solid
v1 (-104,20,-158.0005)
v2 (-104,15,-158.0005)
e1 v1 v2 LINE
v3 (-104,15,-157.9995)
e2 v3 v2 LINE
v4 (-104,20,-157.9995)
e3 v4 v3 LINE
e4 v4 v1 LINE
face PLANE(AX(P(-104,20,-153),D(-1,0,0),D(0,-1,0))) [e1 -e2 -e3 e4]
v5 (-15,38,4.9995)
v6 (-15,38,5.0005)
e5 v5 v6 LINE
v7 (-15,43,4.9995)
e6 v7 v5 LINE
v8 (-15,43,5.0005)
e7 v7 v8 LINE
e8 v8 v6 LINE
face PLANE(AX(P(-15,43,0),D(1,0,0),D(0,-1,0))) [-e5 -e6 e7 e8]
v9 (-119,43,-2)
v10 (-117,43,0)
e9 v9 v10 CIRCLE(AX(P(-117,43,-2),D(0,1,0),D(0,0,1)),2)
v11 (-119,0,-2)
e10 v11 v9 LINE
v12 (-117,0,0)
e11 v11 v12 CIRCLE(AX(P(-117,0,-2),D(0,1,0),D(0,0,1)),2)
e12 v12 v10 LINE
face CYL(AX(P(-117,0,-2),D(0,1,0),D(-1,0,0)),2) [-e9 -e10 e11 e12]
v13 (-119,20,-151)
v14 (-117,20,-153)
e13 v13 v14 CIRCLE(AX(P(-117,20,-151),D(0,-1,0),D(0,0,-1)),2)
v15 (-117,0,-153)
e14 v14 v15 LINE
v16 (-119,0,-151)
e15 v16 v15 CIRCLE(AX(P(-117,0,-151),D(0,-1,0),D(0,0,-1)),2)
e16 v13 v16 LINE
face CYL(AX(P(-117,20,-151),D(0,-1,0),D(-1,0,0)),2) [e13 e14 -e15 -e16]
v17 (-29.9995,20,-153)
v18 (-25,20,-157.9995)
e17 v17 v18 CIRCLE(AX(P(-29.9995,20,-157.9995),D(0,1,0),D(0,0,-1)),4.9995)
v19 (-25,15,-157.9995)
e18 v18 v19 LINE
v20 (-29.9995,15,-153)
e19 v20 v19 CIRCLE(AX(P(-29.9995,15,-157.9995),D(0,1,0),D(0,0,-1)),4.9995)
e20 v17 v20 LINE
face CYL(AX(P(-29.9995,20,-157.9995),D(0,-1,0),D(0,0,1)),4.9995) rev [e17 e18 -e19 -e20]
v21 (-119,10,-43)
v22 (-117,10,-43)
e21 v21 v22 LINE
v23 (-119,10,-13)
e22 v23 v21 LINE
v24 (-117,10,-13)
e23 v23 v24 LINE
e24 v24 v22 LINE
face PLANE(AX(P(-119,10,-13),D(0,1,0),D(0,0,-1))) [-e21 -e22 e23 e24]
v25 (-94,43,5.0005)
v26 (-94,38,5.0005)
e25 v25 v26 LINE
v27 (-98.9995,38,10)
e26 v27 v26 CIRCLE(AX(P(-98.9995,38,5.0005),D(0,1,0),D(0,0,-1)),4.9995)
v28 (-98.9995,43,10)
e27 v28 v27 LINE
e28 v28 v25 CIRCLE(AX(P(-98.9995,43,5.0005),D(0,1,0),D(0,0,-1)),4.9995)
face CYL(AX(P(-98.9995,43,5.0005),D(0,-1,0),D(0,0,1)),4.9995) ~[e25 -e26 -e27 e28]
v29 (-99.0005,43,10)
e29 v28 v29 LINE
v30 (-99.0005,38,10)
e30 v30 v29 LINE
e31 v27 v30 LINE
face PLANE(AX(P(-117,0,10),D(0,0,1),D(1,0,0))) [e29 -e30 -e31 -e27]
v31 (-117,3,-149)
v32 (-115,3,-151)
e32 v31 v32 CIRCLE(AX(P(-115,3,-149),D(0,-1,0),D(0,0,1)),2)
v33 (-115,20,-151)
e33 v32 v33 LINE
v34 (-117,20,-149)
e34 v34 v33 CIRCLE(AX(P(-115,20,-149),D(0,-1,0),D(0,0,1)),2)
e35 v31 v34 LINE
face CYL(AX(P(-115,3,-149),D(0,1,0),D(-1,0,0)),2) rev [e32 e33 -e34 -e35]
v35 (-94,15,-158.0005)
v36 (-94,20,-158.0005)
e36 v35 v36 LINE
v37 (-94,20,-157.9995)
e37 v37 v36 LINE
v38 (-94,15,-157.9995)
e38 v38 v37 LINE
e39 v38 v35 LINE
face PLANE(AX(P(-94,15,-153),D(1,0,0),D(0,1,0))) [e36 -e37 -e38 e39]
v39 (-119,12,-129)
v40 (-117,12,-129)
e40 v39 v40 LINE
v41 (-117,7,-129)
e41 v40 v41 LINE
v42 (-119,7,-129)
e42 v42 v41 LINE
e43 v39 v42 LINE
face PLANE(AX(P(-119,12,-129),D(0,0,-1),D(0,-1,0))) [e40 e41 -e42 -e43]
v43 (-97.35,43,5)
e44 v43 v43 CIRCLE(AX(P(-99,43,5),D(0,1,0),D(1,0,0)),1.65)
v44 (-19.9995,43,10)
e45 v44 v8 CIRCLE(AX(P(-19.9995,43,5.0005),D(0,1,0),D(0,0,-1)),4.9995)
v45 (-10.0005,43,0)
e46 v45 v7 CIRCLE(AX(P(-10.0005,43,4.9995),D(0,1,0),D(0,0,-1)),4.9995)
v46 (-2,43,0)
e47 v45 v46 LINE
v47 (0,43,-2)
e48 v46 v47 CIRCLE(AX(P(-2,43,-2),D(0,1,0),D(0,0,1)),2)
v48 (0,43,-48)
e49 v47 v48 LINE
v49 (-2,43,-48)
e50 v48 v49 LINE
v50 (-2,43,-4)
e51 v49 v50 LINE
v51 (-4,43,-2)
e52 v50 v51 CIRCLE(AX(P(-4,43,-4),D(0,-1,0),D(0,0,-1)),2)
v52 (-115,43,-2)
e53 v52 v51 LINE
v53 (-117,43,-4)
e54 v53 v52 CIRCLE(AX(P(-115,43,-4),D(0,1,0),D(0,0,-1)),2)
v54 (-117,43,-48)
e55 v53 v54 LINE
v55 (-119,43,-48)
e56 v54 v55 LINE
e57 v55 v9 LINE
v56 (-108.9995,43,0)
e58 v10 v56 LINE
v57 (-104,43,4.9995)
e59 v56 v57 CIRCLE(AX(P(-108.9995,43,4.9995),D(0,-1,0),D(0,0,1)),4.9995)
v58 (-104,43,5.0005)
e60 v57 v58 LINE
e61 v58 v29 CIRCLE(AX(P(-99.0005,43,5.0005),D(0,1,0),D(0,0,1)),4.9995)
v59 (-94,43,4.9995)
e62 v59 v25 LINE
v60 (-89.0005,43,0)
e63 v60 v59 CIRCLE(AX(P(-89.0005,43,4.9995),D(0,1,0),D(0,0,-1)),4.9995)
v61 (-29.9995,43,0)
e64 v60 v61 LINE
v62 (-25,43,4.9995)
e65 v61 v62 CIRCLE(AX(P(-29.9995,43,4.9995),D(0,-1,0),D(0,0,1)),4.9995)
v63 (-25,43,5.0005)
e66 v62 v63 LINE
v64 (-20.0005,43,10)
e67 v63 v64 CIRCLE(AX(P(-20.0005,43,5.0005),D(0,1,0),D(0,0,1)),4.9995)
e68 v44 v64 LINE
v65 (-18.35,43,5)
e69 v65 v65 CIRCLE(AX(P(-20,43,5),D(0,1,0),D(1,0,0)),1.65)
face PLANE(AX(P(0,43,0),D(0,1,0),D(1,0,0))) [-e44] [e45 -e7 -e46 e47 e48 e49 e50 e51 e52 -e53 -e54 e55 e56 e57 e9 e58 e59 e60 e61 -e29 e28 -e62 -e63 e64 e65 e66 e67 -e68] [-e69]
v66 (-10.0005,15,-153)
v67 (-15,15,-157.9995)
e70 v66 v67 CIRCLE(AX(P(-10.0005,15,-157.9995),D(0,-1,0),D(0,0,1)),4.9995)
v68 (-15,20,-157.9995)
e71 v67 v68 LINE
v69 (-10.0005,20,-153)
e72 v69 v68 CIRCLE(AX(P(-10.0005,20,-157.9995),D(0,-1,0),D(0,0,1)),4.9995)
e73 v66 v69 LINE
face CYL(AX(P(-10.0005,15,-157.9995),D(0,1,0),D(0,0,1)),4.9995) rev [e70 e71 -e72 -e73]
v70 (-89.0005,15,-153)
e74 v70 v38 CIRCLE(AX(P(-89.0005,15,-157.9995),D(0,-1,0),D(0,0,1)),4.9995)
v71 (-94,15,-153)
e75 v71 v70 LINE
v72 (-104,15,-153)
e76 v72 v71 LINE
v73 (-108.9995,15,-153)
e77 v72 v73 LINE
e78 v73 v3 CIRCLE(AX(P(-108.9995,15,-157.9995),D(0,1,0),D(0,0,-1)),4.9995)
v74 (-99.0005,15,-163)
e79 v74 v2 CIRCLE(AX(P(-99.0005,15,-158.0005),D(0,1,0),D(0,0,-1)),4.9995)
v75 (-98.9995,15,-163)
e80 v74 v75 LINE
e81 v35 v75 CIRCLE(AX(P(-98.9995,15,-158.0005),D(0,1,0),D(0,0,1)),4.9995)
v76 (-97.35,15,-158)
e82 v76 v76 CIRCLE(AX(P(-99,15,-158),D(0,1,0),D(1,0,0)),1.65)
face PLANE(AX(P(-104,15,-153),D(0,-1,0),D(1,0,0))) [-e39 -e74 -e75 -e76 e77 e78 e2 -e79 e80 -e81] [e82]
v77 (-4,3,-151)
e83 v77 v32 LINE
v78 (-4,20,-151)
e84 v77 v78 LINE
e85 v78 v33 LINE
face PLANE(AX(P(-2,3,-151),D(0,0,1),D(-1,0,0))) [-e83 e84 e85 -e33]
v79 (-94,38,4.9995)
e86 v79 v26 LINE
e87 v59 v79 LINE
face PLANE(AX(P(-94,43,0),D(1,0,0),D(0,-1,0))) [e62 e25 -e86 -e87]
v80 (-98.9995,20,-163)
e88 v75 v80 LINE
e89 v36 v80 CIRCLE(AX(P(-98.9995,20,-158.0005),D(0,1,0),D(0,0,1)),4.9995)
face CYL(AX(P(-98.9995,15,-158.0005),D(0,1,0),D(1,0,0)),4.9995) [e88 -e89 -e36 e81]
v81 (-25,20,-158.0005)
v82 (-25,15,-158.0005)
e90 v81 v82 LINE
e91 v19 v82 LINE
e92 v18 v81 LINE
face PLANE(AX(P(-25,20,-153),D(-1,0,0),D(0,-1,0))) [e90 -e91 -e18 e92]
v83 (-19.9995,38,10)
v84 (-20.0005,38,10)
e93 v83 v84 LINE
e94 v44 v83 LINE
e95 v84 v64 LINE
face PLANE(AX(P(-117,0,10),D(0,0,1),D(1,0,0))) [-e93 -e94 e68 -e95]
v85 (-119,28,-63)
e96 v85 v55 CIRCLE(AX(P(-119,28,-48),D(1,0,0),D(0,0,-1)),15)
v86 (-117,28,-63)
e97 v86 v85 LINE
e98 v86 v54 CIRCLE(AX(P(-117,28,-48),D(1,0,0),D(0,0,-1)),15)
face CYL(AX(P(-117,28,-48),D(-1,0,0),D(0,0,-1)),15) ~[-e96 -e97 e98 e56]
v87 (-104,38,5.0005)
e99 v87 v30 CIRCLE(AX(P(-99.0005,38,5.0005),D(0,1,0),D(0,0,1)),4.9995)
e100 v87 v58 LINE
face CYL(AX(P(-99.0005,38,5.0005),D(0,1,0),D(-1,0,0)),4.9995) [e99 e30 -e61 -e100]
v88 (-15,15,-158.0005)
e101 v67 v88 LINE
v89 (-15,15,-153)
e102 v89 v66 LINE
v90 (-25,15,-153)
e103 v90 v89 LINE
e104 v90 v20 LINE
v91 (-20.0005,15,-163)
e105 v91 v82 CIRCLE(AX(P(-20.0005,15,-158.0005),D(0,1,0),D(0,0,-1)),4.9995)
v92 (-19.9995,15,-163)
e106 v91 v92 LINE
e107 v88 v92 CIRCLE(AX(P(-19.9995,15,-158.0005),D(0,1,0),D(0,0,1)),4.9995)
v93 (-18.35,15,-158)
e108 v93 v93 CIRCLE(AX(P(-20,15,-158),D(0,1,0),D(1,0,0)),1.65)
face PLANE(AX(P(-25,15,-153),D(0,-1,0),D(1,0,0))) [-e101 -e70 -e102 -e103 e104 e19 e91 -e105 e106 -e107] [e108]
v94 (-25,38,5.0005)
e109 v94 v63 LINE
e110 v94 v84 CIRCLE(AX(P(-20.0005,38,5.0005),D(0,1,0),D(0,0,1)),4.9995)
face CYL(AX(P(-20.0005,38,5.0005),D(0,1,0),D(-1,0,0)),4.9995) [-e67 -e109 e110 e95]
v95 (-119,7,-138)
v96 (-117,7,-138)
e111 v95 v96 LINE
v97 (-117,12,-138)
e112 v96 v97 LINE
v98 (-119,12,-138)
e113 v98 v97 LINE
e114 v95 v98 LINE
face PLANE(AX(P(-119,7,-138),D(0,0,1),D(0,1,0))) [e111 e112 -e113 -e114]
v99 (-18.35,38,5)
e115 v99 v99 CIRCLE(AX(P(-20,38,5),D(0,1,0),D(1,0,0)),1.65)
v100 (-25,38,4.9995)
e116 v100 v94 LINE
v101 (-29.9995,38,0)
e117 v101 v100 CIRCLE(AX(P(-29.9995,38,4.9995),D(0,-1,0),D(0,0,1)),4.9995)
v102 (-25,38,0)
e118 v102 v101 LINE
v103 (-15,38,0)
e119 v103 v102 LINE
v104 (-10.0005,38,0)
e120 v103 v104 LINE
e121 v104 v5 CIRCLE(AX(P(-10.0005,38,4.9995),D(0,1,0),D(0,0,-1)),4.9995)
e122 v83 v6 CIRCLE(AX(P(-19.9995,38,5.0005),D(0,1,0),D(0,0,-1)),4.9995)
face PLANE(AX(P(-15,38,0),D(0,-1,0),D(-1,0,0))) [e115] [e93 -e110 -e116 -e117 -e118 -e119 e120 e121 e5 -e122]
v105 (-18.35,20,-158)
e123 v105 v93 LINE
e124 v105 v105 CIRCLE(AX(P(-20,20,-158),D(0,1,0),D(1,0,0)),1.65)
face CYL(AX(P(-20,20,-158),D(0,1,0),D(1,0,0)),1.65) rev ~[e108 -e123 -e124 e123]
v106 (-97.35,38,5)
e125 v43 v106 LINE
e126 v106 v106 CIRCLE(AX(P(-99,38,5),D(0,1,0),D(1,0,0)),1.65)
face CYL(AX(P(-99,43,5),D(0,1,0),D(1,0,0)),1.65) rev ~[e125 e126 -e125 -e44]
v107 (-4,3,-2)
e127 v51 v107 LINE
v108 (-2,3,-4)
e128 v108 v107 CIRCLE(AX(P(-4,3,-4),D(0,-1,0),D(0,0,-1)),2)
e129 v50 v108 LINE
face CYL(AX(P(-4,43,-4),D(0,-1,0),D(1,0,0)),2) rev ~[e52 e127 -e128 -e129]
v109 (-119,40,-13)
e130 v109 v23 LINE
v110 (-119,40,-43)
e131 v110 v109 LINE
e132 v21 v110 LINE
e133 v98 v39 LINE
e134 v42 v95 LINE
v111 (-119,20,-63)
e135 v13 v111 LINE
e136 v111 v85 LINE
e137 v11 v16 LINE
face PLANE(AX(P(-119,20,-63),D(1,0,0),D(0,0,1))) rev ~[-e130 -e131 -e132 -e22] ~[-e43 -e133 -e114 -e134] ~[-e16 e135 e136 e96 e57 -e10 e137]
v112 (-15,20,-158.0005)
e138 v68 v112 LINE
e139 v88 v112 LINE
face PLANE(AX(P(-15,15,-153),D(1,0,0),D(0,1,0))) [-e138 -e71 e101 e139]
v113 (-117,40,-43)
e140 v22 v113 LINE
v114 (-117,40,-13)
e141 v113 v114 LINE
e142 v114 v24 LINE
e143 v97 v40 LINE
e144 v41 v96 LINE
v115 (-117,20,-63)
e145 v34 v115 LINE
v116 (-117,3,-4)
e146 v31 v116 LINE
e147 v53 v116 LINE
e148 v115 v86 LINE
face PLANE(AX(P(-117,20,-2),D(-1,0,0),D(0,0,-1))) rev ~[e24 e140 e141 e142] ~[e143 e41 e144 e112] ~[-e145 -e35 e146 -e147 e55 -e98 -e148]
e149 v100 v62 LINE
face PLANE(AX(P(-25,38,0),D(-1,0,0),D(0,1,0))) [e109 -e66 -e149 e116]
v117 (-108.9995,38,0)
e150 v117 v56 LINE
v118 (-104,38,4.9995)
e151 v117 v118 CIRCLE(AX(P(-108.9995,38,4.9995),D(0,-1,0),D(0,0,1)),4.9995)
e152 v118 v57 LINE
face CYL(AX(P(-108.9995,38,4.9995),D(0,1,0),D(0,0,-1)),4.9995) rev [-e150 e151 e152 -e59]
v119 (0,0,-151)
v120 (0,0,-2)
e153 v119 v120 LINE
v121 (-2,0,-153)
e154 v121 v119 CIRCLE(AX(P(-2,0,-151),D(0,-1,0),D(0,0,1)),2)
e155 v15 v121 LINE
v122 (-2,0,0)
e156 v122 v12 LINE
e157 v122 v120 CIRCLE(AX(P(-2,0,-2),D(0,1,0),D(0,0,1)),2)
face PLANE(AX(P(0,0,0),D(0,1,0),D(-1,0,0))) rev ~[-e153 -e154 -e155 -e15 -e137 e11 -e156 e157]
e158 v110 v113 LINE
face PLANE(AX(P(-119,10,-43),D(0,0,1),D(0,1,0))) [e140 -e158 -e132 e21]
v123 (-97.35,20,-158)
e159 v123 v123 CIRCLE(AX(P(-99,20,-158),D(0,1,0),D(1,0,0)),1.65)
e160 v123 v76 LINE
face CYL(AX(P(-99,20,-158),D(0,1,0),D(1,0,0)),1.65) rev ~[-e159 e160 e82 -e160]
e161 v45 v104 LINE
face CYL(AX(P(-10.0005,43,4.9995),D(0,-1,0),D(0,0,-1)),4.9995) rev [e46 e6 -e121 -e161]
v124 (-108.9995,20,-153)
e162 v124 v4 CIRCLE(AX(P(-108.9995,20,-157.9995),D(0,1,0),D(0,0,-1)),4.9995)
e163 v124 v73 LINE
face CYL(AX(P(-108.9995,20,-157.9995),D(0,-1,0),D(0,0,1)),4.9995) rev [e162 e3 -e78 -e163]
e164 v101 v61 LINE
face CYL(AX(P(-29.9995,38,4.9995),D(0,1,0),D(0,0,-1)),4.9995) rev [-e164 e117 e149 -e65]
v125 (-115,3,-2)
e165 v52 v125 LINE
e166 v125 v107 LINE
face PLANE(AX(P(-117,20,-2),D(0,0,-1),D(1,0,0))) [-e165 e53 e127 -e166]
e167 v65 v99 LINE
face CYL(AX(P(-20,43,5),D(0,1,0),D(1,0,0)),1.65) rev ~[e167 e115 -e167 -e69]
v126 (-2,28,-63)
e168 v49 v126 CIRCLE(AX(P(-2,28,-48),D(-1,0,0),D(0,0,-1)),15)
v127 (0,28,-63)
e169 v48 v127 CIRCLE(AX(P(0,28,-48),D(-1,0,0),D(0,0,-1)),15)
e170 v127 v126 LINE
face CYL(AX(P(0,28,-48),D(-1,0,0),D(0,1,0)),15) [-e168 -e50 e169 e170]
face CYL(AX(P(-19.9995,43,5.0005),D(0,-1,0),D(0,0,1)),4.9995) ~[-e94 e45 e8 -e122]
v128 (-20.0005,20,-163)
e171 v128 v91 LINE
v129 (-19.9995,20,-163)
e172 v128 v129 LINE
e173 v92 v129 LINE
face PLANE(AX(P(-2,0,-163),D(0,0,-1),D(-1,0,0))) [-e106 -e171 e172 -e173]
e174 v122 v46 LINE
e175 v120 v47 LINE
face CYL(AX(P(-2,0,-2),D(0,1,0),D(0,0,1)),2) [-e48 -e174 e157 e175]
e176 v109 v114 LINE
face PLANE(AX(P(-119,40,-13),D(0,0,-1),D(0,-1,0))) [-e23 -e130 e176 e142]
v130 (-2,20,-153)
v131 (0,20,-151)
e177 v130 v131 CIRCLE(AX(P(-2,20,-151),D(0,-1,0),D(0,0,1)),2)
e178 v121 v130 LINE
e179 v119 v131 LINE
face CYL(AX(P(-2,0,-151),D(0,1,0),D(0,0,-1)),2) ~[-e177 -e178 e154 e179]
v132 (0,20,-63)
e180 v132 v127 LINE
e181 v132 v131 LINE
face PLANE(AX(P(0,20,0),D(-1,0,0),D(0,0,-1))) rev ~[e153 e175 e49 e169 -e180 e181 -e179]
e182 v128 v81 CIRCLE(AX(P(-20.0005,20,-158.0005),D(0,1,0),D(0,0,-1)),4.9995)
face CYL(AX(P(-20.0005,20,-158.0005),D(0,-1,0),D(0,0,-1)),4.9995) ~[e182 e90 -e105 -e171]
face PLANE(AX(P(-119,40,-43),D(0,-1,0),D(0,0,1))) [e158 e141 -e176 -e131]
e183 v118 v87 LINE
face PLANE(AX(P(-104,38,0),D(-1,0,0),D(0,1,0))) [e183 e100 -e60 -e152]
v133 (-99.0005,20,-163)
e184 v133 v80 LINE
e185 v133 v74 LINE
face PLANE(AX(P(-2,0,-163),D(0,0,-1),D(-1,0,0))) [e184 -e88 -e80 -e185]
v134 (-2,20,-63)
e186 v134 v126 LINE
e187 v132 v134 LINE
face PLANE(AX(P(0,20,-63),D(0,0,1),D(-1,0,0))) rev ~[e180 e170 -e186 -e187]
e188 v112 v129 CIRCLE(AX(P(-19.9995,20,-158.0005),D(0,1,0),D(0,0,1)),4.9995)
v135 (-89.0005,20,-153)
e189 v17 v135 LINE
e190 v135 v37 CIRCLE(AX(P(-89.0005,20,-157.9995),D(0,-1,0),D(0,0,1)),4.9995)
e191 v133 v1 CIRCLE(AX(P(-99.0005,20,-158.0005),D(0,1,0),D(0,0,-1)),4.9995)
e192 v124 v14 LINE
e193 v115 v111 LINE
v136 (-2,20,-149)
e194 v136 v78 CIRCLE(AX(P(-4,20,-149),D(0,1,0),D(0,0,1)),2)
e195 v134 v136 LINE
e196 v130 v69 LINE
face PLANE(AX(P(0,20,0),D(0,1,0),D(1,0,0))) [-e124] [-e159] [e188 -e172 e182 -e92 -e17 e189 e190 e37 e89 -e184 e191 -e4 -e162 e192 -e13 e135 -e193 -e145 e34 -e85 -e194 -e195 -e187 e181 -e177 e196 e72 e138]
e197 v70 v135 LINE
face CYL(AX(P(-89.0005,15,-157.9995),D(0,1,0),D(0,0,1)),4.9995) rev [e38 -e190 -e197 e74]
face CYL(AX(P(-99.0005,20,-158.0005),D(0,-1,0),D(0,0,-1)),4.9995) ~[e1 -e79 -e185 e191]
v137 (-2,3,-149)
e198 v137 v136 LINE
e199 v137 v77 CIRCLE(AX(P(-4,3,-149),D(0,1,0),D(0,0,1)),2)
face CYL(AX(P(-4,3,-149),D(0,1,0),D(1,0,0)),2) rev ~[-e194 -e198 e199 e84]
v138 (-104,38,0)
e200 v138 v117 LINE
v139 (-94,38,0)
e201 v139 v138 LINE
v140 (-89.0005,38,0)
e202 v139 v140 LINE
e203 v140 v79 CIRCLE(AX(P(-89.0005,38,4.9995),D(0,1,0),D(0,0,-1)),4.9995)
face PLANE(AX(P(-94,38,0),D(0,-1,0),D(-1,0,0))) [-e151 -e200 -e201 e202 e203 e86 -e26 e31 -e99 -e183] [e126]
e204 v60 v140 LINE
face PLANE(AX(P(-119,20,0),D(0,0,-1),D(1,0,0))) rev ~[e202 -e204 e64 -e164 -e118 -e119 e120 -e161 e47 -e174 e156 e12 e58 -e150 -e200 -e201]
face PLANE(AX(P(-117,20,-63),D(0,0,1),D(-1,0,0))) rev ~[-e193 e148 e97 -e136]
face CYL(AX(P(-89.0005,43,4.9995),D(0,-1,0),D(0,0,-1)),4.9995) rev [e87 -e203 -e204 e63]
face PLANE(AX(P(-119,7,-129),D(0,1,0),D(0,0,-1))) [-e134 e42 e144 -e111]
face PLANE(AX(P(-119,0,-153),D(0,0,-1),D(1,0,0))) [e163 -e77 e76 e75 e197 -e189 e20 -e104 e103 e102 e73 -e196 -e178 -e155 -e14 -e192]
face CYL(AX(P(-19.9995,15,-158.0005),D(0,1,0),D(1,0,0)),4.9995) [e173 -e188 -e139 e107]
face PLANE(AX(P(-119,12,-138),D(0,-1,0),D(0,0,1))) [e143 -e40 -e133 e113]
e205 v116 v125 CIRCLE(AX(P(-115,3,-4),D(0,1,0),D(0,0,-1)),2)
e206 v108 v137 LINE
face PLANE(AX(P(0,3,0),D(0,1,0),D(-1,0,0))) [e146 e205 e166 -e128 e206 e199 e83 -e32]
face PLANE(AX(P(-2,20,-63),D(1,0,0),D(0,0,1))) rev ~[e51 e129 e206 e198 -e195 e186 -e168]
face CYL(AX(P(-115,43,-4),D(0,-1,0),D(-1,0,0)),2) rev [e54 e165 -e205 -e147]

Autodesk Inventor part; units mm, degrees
ref_plane "YZ Plane" through (0, 0, 0) normal (1, 0, 0) x (0, 1, 0)
ref_plane "XZ Plane" through (0, 0, 0) normal (0, 1, 0) x (-1, 0, 0)
ref_plane "XY Plane" through (0, 0, 0) normal (0, 0, 1) x (1, 0, 0)
sketch "Sketch2" plane through (0, 0, 0) normal (0, 1, 0) x (-1, 0, 0)
  line L0 (0, 0) -> (119, 0)
  line L1 (119, 0) -> (119, -153)
  line L2 (119, -153) -> (0, -153)
  line L3 (0, -153) -> (0, 0)
  dimension "d0" = 119
  dimension "d1" = 153
extrude "Extrusion1" add sketch "Sketch2" along normal blind 3
sketch "Sketch7" plane through (0, 3, 0) normal (0, 1, 0) x (1, 0, 0)
  line L0 (-117, 2) -> (-2, 2)
  line L1 (-2, 2) -> (-2, 151)
  line L2 (-2, 151) -> (-117, 151)
  line L3 (-117, 151) -> (-117, 2)
  line L4 (-119, 153) -> (-119, 0) projected
  line L5 (-119, 0) -> (0, 0) projected
  line L6 (0, 153) -> (-119, 153) projected
  line L7 (-119, 0) -> (0, 0)
  line L8 (0, 0) -> (0, 153)
  line L9 (0, 153) -> (-119, 153)
  line L10 (-119, 153) -> (-119, 0)
  dimension "d27" = 115
  dimension "d28" = 149
  dimension "d29" = 2
  dimension "d30" = 2
extrude "Extrusion5" add sketch "Sketch7" along normal blind 17
sketch "Sketch8" plane through (0, 20, 0) normal (0, 1, 0) x (1, 0, 0)
  line L0 (-119, 0) -> (0, 0) projected
  line L1 (-119, 0) -> (0, 0)
  line L2 (0, 0) -> (0, 63)
  line L3 (-119, 63) -> (-119, 0)
  line L4 (-117, 2) -> (-117, 151) projected
  line L5 (-2, 151) -> (-2, 2) projected
  line L6 (-117, 2) -> (-2, 2)
  line L7 (-2, 2) -> (-2, 63)
  line L8 (-2, 63) -> (-117, 63)
  line L9 (-117, 63) -> (-117, 2)
  line L10 (0, 63) -> (-2, 63)
  line L11 (-117, 63) -> (-119, 63)
  dimension "d33" = 119
  dimension "d34" = 63
extrude "Extrusion6" add sketch "Sketch8" along normal blind 23 contours L3 L11 L4 L6 L5 L10 L2 L0
sketch "Sketch9" plane through (-119, 0, -153) normal (-1, 0, 0) x (0, 0, 1)
  line L0 (15, 12) -> (24, 12)
  line L1 (24, 12) -> (24, 7)
  line L2 (24, 7) -> (15, 7)
  line L3 (15, 7) -> (15, 12)
  line L4 (2, 3) -> (151, 3) projected
  line L5 (0, 0) -> (0, 20) projected
  line L6 (2, 3) -> (2, 20) projected
  line L7 (110, 40) -> (140, 40)
  line L8 (140, 40) -> (140, 10)
  line L9 (140, 10) -> (110, 10)
  line L10 (110, 10) -> (110, 40)
  line L11 (0, 0) -> (153, 0) projected
  line L12 (90, 20) -> (90, 43) projected
  dimension "d37" = 9
  dimension "d38" = 5
  dimension "d39" = 4
  dimension "d40" = 15
  dimension "d41" = 13
  dimension "d42" = 30
  dimension "d43" = 30
  dimension "d44" = 10
  dimension "d45" = 20
extrude "Extrusion7" cut sketch "Sketch9" against normal blind 23
fillet "Fillet1" radius 2 8 edges at (-119, 10, -153) (-117, 11.5, -151) (0, 21.5, 0) (0, 10, -153) (-119, 21.5, 0) (-2, 23, -2) (-2, 11.5, -151) (-117, 23, -2)
fillet "Fillet2" radius 15 2 edges at (-118, 43, -63) (-1, 43, -63)
sketch "Sketch10" plane through (-117, 0, 0) normal (0, 0, 1) x (1, 0, 0)
  line L0 (113, 43) -> (2, 43) projected
  line L1 (13, 43) -> (23, 43)
  line L2 (23, 43) -> (23, 38)
  line L3 (23, 38) -> (13, 38)
  line L4 (13, 38) -> (13, 43)
  line L5 (92, 43) -> (102, 43)
  line L6 (102, 43) -> (102, 38)
  line L7 (102, 38) -> (92, 38)
  line L8 (92, 38) -> (92, 43)
  line L9 (117, 0) -> (117, 43) projected
  line L10 (-2, 43) -> (-2, 0) projected
  point P0 (23, 43)
  dimension "d50" = 10
  dimension "d51" = 5
  dimension "d52" = 10
  dimension "d53" = 5
  dimension "d54" = 119
  dimension "d55" = 15
  dimension "d56" = 15
extrude "Extrusion8" add sketch "Sketch10" along normal blind 10
sketch "Sketch11" plane through (-2, 0, -153) normal (0, 0, -1) x (-1, 0, 0)
  line L0 (113, 20) -> (2, 20) projected
  line L1 (13, 20) -> (23, 20)
  line L2 (23, 20) -> (23, 15)
  line L3 (23, 15) -> (13, 15)
  line L4 (13, 15) -> (13, 20)
  line L5 (92, 20) -> (102, 20)
  line L6 (102, 20) -> (102, 15)
  line L7 (102, 15) -> (92, 15)
  line L8 (92, 15) -> (92, 20)
  line L9 (-2, 20) -> (-2, 0) projected
  line L10 (117, 0) -> (117, 20) projected
  dimension "d59" = 10
  dimension "d60" = 5
  dimension "d61" = 10
  dimension "d62" = 5
  dimension "d63" = 15
  dimension "d64" = 15
extrude "Extrusion9" add sketch "Sketch11" along normal blind 10
sketch "Sketch12" plane through (0, 43, 0) normal (0, 1, 0) x (1, 0, 0)
  circle A0 centre (-99, -5) radius 1.65
  line L0 (-94, -10) -> (-104, -10) projected
  circle A1 centre (-20, -5) radius 1.65
  line L1 (-15, -10) -> (-25, -10) projected
  line L2 (-104, 0) -> (-104, -10) projected
  line L3 (-15, 0) -> (-15, -10) projected
  point P0 (0, 0)
  dimension "d67" = 3.3
  dimension "d68" = 5
  dimension "d69" = 3.3
  dimension "d70" = 5
  dimension "d71" = 5
  dimension "d72" = 5
extrude "Extrusion10" cut sketch "Sketch12" against normal blind 10
sketch "Sketch13" plane through (0, 20, 0) normal (0, 1, 0) x (1, 0, 0)
  circle A0 centre (-99, 158) radius 1.65
  line L0 (-104, 153) -> (-104, 163) projected
  line L1 (-104, 163) -> (-94, 163) projected
  circle A1 centre (-20, 158) radius 1.65
  line L2 (-25, 153) -> (-25, 163) projected
  line L3 (-25, 163) -> (-15, 163) projected
  point P0 (0, 0)
  point P1 (-25, 158)
  dimension "d75" = 3.3
  dimension "d76" = 5
  dimension "d77" = 5
  dimension "d78" = 3.3
  dimension "d79" = 5
  dimension "d80" = 5
extrude "Extrusion11" cut sketch "Sketch13" against normal blind 10
fillet "Fillet3" radius 5 16 edges at (-15, 17.5, -163) (-25, 17.5, -163) (-15, 17.5, -153) (-94, 17.5, -163) (-94, 17.5, -153) (-25, 17.5, -153) (-104, 17.5, -163) (-104, 17.5, -153) (-104, 40.5, 0) (-104, 40.5, 10) (-94, 40.5, 10) (-94, 40.5, 0) (-25, 40.5, 10) (-15, 40.5, 10) (-15, 40.5, 0) (-25, 40.5, 0)
properties part number "base"
